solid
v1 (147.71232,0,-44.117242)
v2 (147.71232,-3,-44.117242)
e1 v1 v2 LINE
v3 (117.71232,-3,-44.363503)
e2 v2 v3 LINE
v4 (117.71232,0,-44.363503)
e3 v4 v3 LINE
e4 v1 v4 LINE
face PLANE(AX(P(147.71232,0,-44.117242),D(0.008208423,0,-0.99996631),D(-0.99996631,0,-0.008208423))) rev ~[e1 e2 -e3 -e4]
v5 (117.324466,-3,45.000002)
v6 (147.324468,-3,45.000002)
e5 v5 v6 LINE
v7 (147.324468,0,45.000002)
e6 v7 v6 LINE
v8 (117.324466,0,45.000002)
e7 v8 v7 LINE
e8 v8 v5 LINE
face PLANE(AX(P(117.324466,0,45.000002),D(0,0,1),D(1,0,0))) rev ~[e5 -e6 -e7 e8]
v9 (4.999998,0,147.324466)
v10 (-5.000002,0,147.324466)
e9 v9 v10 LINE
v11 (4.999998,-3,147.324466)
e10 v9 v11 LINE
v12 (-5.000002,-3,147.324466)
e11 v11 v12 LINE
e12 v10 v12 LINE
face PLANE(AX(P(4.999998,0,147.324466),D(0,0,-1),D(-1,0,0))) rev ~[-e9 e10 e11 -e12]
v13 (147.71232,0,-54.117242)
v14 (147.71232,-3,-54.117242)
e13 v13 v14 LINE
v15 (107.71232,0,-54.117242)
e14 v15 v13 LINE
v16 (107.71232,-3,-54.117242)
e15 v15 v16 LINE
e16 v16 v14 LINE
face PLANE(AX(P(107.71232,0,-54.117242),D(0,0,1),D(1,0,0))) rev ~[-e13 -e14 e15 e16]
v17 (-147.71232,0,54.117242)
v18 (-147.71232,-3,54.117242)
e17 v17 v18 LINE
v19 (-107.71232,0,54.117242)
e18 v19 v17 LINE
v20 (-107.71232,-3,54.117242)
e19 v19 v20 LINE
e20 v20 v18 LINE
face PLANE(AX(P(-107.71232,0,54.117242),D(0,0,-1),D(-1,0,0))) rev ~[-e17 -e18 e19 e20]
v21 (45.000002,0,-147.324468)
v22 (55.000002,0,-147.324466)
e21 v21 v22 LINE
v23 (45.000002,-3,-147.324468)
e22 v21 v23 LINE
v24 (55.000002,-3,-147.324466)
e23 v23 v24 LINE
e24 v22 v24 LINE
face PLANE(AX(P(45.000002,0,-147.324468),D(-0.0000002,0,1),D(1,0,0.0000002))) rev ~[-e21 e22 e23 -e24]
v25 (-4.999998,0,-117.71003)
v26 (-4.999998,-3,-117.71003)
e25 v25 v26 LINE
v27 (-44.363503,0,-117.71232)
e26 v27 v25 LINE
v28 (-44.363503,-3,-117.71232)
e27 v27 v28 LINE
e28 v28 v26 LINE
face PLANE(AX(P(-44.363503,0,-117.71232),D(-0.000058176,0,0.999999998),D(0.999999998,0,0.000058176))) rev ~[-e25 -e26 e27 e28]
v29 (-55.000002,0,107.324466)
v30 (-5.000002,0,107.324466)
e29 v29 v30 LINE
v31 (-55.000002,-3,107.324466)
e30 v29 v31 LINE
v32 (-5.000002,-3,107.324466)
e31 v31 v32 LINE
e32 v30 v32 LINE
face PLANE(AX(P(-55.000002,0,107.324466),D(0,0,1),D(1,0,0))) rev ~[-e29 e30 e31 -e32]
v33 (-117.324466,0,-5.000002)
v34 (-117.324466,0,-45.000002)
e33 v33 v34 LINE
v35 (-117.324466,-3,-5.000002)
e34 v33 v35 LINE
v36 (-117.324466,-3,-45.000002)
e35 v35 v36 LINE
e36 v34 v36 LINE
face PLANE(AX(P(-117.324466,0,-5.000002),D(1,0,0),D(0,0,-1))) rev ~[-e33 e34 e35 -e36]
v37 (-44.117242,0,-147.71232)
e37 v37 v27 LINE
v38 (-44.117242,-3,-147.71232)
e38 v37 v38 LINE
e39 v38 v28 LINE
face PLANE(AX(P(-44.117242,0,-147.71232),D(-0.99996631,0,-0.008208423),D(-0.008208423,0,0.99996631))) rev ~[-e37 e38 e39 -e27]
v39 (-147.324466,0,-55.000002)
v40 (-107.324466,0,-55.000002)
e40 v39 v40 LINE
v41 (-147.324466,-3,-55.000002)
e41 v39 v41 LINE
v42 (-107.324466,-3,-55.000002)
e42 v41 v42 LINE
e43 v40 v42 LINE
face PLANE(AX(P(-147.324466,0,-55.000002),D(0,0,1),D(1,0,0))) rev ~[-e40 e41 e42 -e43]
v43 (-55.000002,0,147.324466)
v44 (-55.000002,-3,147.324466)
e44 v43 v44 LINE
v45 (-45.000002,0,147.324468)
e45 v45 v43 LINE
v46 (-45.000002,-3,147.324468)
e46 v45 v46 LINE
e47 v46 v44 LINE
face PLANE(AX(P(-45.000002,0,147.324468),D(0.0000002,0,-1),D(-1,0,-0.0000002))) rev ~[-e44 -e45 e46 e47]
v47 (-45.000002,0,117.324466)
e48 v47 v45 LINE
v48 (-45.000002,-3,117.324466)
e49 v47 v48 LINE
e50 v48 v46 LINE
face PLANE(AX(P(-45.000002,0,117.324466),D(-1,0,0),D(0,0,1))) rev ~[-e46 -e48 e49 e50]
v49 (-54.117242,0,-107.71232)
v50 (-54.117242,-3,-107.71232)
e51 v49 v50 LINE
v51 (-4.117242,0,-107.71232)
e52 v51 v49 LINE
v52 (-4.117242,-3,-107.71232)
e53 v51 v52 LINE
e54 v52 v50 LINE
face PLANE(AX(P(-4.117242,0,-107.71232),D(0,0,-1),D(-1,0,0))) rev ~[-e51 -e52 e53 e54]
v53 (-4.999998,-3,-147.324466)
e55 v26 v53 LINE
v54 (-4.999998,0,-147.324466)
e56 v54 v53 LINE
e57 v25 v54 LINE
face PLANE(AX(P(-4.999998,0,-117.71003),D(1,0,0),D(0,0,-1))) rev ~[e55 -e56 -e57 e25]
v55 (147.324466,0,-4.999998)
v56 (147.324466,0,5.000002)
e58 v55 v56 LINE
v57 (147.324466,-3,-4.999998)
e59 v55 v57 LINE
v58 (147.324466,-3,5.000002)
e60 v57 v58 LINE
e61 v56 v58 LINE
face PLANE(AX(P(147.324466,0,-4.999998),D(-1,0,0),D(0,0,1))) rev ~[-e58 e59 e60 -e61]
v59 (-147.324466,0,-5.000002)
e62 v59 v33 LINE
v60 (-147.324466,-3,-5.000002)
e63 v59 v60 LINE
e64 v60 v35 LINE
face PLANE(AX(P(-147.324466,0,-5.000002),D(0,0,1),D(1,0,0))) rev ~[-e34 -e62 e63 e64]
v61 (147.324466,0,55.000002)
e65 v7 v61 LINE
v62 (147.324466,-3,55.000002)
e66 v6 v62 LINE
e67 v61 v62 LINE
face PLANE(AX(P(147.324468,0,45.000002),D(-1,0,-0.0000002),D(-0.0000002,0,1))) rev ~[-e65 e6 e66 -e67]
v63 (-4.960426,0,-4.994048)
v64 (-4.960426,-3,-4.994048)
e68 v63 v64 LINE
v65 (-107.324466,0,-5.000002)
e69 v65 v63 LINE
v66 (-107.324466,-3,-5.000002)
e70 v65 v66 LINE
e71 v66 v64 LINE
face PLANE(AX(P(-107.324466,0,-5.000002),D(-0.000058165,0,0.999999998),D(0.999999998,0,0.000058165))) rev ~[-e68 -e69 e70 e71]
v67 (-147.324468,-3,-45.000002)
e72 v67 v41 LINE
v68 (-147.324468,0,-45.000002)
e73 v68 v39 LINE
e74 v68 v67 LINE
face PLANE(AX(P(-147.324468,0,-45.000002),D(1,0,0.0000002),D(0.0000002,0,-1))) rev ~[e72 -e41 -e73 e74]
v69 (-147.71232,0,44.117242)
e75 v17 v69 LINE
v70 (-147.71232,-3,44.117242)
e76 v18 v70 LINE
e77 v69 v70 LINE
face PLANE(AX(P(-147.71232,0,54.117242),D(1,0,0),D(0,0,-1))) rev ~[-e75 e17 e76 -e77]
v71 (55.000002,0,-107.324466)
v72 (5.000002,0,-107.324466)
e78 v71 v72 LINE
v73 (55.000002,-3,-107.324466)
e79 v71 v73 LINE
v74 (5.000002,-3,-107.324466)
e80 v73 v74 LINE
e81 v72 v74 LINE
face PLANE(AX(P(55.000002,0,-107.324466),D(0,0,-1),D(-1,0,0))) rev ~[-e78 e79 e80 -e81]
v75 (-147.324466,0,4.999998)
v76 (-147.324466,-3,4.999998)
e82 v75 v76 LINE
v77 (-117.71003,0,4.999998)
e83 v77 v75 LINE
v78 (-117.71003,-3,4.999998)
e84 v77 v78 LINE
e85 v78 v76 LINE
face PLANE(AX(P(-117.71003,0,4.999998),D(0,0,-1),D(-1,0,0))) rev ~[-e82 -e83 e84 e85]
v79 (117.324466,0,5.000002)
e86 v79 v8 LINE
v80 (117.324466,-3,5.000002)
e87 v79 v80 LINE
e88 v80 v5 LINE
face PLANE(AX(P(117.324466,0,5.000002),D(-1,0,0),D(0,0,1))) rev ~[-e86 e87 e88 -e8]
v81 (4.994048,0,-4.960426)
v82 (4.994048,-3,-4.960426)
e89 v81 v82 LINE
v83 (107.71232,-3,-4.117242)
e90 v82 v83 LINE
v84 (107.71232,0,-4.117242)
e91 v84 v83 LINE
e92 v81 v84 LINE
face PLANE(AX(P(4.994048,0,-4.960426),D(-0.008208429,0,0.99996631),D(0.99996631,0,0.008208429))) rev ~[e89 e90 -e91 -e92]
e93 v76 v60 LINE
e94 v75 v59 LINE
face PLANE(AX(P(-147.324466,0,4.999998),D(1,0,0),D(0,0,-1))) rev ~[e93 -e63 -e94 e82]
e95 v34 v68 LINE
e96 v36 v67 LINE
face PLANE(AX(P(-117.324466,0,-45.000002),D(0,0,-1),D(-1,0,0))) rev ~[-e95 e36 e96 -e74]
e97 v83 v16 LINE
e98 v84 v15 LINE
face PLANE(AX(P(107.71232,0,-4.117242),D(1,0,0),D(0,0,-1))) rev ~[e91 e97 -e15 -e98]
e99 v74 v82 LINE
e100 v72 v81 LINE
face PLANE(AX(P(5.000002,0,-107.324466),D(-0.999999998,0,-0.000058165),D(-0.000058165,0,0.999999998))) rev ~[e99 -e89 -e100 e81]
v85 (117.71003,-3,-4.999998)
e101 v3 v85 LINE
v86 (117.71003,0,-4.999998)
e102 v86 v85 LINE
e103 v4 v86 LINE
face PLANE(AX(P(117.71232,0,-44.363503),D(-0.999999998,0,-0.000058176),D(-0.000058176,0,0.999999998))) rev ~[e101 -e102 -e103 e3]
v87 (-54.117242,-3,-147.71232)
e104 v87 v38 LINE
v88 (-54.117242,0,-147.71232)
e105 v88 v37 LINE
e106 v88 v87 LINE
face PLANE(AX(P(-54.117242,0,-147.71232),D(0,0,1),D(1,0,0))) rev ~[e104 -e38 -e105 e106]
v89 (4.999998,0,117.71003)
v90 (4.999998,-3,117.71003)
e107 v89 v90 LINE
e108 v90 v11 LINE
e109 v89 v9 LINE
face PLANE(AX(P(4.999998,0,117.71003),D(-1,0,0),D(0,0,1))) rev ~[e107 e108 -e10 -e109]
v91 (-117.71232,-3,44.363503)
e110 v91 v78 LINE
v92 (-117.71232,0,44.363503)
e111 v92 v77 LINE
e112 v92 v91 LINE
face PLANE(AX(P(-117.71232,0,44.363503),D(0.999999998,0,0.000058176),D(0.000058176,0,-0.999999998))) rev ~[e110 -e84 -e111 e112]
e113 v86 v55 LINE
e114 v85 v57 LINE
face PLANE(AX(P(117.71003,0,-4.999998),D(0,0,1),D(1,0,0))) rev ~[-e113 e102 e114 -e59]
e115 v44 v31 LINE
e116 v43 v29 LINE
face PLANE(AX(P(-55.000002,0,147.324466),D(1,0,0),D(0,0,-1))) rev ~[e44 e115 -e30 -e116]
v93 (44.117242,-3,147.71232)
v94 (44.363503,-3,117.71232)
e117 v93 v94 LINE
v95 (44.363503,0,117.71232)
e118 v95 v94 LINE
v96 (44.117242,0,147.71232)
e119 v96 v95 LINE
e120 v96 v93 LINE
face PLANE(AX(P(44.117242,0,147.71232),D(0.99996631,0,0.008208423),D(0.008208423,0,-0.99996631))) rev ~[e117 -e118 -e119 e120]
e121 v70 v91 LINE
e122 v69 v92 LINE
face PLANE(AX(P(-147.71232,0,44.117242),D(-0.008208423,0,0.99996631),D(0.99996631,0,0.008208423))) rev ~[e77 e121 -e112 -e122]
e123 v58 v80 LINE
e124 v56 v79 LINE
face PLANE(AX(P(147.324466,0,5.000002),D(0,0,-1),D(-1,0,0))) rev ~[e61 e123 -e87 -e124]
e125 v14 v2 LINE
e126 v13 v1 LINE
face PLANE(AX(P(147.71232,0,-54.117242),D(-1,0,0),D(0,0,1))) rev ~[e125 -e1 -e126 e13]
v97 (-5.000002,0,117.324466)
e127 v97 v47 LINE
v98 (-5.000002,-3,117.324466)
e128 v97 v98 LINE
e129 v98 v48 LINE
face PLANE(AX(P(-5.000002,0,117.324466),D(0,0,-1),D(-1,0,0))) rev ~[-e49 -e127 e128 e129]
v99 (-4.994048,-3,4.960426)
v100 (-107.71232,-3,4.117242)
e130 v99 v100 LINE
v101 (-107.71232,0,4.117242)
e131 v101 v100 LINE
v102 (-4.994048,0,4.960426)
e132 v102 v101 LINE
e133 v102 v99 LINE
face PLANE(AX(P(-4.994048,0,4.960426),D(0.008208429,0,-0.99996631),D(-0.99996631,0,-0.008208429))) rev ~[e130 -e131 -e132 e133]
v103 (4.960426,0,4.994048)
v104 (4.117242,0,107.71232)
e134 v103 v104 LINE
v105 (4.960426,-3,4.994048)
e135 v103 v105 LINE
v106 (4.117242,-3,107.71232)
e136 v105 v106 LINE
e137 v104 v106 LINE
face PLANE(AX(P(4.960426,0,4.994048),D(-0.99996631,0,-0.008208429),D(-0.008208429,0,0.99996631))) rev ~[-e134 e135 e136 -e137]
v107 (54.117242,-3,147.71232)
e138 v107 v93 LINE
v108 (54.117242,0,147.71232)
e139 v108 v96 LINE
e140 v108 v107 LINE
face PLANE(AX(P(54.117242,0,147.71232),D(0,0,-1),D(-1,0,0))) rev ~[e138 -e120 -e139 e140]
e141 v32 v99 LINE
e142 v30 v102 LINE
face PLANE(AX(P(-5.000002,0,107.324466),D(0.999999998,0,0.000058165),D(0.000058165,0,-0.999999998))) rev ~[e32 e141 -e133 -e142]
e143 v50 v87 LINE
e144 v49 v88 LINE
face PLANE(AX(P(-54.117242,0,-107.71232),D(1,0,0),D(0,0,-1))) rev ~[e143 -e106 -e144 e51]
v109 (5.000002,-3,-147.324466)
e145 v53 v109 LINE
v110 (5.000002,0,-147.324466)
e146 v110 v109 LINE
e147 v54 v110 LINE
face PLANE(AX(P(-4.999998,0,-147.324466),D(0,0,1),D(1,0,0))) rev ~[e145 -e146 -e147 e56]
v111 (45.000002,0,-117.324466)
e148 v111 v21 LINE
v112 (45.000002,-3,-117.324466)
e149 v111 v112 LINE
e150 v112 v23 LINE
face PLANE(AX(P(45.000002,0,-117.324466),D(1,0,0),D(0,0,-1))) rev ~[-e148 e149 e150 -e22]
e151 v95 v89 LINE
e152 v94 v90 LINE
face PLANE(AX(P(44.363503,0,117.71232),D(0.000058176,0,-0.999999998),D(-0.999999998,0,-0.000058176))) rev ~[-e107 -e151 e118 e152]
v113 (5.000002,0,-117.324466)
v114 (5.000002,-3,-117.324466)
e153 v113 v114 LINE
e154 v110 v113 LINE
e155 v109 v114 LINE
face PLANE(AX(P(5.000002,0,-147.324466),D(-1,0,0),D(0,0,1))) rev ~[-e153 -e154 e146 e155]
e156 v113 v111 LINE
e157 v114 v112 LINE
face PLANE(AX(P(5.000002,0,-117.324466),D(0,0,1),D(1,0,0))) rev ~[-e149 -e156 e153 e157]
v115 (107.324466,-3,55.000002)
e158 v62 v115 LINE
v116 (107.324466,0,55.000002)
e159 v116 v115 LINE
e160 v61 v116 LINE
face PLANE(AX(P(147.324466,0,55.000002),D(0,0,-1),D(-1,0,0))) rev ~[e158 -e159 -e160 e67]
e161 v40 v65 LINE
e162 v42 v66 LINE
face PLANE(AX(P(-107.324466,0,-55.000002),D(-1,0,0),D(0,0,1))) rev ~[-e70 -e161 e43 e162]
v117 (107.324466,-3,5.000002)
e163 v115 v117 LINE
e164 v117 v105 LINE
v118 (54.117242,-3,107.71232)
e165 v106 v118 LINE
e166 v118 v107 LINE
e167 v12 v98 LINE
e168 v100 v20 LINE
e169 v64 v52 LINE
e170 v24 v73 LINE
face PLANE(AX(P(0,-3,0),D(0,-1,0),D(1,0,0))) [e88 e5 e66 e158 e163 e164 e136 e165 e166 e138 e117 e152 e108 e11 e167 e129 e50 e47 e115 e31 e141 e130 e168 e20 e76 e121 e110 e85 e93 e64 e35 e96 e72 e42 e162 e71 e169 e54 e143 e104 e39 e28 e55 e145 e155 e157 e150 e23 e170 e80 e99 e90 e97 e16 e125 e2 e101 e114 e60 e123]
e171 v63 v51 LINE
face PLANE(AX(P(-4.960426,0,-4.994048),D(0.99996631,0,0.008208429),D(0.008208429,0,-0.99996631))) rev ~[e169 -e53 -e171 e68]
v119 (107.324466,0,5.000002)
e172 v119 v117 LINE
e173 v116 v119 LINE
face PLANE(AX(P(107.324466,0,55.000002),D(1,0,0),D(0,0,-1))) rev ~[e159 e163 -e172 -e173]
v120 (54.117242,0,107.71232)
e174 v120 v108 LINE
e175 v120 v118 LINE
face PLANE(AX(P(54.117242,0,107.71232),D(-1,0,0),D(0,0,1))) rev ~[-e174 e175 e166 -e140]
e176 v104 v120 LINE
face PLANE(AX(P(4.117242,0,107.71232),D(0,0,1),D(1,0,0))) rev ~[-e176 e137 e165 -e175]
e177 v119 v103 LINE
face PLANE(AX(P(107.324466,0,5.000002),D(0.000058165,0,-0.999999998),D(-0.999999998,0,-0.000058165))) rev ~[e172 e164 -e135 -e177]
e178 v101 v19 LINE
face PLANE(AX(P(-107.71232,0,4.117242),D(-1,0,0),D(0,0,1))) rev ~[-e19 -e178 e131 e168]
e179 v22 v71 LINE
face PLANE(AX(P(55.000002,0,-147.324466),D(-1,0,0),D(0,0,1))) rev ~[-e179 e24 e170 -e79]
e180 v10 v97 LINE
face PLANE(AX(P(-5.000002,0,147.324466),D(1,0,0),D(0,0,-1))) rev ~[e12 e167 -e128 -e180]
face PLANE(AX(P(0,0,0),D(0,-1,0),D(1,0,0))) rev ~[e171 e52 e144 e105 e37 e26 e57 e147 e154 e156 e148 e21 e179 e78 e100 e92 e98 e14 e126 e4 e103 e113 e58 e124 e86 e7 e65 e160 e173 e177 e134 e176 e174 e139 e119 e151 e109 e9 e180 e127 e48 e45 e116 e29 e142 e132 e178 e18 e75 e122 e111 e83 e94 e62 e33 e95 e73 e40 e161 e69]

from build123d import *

# Parameters (mm, degrees)
F1_DEPTH = 3


with BuildPart() as f1:
    # F0 (on Front) → F1 (new body)
    with BuildSketch(Plane.XZ):
        Polygon((4.999998, 147.324466), (-5.000002, 147.324466), (-5.000002, 117.324466), (-45.000002, 117.324466), (-45.000002, 147.324468), (-55.000002, 147.324466), (-55.000002, 107.324466), (-5.000002, 107.324466), (-4.994048, 4.960426), (-107.71232, 4.117242), (-107.71232, 54.117242), (-147.71232, 54.117242), (-147.71232, 44.117242), (-117.71232, 44.363503), (-117.71003, 4.999998), (-147.324466, 4.999998), (-147.324466, -5.000002), (-117.324466, -5.000002), (-117.324466, -45.000002), (-147.324468, -45.000002), (-147.324466, -55.000002), (-107.324466, -55.000002), (-107.324466, -5.000002), (-4.960426, -4.994048), (-4.117242, -107.71232), (-54.117242, -107.71232), (-54.117242, -147.71232), (-44.117242, -147.71232), (-44.363503, -117.71232), (-4.999998, -117.71003), (-4.999998, -147.324466), (5.000002, -147.324466), (5.000002, -117.324466), (45.000002, -117.324466), (45.000002, -147.324468), (55.000002, -147.324466), (55.000002, -107.324466), (5.000002, -107.324466), (4.994048, -4.960426), (107.71232, -4.117242), (107.71232, -54.117242), (147.71232, -54.117242), (147.71232, -44.117242), (117.71232, -44.363503), (117.71003, -4.999998), (147.324466, -4.999998), (147.324466, 5.000002), (117.324466, 5.000002), (117.324466, 45.000002), (147.324468, 45.000002), (147.324466, 55.000002), (107.324466, 55.000002), (107.324466, 5.000002), (4.960426, 4.994048), (4.117242, 107.71232), (54.117242, 107.71232), (54.117242, 147.71232), (44.117242, 147.71232), (44.363503, 117.71232), (4.999998, 117.71003), align=None)
    extrude(amount=F1_DEPTH)


solid = f1.part
